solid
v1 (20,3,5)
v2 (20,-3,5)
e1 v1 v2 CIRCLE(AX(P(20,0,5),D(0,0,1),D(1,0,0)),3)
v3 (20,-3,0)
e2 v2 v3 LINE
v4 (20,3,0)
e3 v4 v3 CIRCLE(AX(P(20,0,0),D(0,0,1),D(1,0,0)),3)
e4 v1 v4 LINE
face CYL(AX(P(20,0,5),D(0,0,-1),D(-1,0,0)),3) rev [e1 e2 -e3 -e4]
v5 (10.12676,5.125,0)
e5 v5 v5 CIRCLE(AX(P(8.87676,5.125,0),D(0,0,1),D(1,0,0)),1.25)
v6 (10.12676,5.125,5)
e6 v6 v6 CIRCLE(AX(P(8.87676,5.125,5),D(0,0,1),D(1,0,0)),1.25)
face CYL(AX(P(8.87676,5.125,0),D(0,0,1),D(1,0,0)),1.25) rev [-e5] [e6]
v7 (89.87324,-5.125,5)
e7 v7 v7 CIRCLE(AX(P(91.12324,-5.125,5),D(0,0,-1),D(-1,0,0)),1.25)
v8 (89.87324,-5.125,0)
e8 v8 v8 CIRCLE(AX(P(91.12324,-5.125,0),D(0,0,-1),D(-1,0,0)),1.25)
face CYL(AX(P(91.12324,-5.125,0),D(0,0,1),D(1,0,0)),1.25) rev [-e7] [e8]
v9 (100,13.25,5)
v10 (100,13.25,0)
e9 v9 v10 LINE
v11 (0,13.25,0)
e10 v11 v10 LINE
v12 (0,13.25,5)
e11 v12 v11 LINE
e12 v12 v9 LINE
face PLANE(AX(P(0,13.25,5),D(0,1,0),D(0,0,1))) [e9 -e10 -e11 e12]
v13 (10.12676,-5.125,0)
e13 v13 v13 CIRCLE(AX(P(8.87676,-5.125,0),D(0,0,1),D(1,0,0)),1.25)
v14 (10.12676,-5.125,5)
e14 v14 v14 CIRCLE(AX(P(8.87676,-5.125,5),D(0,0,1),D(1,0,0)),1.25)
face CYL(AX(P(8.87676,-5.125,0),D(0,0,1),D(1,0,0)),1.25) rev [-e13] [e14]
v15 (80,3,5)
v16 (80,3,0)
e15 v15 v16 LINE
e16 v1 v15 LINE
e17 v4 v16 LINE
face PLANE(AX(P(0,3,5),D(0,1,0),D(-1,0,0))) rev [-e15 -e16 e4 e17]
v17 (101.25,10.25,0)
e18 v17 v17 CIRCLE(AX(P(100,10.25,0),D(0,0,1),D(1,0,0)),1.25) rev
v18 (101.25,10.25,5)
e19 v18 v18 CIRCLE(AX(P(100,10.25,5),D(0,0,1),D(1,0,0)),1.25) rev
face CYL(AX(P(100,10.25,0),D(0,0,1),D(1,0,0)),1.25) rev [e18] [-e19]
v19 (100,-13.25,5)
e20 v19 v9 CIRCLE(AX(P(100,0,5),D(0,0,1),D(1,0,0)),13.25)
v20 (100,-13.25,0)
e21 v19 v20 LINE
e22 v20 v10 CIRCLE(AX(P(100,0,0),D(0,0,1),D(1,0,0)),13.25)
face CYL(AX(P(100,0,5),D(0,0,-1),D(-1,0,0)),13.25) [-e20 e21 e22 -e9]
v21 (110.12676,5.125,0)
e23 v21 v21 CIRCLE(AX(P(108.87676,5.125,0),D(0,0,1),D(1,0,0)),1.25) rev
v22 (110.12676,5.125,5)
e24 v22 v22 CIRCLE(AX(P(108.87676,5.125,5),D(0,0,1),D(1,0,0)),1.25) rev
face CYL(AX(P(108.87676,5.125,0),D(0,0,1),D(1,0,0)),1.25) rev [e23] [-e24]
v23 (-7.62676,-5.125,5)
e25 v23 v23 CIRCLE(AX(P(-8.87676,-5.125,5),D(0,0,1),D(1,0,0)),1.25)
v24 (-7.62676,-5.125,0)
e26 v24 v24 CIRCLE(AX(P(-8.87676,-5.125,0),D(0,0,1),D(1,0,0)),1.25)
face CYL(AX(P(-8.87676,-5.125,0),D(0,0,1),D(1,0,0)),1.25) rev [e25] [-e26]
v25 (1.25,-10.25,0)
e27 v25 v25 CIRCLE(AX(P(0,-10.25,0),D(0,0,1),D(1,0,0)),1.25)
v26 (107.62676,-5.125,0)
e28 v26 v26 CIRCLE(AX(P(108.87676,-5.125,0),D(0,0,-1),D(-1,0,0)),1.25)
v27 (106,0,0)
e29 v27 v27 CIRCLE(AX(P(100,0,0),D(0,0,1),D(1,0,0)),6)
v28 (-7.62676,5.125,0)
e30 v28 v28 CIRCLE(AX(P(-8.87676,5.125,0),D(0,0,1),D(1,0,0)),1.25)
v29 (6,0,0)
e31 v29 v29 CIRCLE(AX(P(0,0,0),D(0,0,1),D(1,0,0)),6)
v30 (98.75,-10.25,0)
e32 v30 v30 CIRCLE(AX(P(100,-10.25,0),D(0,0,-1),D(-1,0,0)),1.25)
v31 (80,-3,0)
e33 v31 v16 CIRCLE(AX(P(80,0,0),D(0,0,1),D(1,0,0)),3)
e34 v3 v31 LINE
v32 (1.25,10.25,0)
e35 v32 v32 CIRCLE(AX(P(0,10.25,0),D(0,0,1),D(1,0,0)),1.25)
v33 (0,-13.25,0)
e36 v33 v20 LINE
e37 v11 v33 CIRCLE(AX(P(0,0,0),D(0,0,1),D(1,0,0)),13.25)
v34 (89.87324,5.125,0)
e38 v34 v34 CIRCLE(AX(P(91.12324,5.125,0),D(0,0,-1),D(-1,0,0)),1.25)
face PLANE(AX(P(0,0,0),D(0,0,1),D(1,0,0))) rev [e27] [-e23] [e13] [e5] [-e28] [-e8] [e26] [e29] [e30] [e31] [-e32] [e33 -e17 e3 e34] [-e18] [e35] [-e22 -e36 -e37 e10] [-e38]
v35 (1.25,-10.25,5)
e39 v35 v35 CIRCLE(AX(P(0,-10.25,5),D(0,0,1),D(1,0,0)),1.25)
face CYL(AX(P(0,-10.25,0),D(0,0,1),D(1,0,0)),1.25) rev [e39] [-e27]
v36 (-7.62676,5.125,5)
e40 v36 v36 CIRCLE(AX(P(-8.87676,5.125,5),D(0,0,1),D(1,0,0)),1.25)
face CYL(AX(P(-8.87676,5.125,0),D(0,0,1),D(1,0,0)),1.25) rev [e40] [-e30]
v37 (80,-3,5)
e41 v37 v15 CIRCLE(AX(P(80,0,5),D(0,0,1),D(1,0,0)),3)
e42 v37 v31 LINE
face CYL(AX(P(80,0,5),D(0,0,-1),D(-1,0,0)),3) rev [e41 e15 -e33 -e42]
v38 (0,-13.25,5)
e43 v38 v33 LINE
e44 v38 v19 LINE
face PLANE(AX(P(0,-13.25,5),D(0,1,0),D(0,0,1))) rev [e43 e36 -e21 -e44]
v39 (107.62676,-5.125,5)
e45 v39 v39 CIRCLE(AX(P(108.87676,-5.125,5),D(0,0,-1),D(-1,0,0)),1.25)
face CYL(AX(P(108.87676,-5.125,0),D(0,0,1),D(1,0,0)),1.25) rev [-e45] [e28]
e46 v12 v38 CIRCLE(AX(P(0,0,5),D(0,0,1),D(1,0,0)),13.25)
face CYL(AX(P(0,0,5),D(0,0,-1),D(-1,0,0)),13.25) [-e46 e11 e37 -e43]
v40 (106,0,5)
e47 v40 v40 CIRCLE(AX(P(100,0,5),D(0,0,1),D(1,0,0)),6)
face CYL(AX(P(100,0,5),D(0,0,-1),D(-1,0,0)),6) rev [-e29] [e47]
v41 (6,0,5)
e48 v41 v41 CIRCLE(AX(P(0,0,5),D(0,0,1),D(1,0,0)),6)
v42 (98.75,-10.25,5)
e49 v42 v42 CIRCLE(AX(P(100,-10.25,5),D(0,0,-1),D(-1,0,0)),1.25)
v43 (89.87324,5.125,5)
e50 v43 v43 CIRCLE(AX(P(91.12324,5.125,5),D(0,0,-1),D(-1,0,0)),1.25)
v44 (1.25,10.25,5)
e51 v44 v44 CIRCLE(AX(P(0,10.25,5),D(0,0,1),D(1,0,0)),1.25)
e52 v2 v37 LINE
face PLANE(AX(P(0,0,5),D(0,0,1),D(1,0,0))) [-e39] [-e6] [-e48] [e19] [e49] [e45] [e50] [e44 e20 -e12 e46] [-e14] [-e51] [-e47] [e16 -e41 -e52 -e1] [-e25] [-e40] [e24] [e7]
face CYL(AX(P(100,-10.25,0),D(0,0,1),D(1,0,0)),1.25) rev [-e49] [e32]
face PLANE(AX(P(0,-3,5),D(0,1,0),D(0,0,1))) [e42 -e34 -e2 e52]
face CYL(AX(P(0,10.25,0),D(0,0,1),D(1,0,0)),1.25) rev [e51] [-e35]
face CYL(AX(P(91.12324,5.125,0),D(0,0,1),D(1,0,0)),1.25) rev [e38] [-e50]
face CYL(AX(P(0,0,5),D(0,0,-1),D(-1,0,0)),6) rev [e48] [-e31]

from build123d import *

# Parameters (mm, degrees)
SKETCH1_R           = 13.25
SKETCH1_R_2         = 6
BOSS_EXTRUDE1_DEPTH = 5
SKETCH2_R           = 1.25
CUT_EXTRUDE1_DEPTH  = 6


with BuildPart() as part:
    # Sketch1 → Boss-Extrude1 (new body)
    with BuildSketch(Plane.XY):
        Circle(SKETCH1_R)
        Circle(SKETCH1_R_2, mode=Mode.SUBTRACT)
        with BuildLine():
            Line((100, 13.25), (0, 13.25))
            ThreePointArc((0, 13.25), (9.369164851, 9.369164851), (13.25, 0))
            ThreePointArc((13.25, 0), (9.369164851, -9.369164851), (0, -13.25))
            Line((0, -13.25), (100, -13.25))
            ThreePointArc((100, -13.25), (86.75, 0), (100, 13.25))
        make_face()
        with BuildLine():
            Line((80, -3), (50, -3))
            Line((50, -3), (20, -3))
            ThreePointArc((20, -3), (17, 0), (20, 3))
            Line((20, 3), (50, 3))
            Line((50, 3), (80, 3))
            ThreePointArc((80, 3), (82.121320344, 2.121320344), (83, 0))
            ThreePointArc((83, 0), (82.121320344, -2.121320344), (80, -3))
        make_face(mode=Mode.SUBTRACT)
        with Locations((100, 0)):
            Circle(SKETCH1_R)
        with Locations((100, 0)):
            Circle(SKETCH1_R_2, mode=Mode.SUBTRACT)
    extrude(amount=BOSS_EXTRUDE1_DEPTH)

    # Sketch2 → Cut-Extrude1 (cut, through all)
    with BuildSketch(Plane.XY.offset(5)):
        with Locations((100, 10.25)):
            Circle(SKETCH2_R)
        with Locations((108.876760389, 5.125)):
            Circle(SKETCH2_R)
        with Locations((8.876760389, 5.125)):
            Circle(SKETCH2_R)
        with Locations((8.876760389, -5.125)):
            Circle(SKETCH2_R)
        with Locations((-8.876760389, 5.125)):
            Circle(SKETCH2_R)
        with Locations((-8.876760389, -5.125)):
            Circle(SKETCH2_R)
        with Locations((0, -10.25)):
            Circle(SKETCH2_R)
        with Locations((0, 10.25)):
            Circle(SKETCH2_R)
        with Locations((91.123239611, 5.125)):
            Circle(SKETCH2_R)
        with Locations((108.876760389, -5.125)):
            Circle(SKETCH2_R)
        with Locations((100, -10.25)):
            Circle(SKETCH2_R)
        with Locations((91.123239611, -5.125)):
            Circle(SKETCH2_R)
    extrude(amount=-CUT_EXTRUDE1_DEPTH, mode=Mode.SUBTRACT)


solid = part.part
